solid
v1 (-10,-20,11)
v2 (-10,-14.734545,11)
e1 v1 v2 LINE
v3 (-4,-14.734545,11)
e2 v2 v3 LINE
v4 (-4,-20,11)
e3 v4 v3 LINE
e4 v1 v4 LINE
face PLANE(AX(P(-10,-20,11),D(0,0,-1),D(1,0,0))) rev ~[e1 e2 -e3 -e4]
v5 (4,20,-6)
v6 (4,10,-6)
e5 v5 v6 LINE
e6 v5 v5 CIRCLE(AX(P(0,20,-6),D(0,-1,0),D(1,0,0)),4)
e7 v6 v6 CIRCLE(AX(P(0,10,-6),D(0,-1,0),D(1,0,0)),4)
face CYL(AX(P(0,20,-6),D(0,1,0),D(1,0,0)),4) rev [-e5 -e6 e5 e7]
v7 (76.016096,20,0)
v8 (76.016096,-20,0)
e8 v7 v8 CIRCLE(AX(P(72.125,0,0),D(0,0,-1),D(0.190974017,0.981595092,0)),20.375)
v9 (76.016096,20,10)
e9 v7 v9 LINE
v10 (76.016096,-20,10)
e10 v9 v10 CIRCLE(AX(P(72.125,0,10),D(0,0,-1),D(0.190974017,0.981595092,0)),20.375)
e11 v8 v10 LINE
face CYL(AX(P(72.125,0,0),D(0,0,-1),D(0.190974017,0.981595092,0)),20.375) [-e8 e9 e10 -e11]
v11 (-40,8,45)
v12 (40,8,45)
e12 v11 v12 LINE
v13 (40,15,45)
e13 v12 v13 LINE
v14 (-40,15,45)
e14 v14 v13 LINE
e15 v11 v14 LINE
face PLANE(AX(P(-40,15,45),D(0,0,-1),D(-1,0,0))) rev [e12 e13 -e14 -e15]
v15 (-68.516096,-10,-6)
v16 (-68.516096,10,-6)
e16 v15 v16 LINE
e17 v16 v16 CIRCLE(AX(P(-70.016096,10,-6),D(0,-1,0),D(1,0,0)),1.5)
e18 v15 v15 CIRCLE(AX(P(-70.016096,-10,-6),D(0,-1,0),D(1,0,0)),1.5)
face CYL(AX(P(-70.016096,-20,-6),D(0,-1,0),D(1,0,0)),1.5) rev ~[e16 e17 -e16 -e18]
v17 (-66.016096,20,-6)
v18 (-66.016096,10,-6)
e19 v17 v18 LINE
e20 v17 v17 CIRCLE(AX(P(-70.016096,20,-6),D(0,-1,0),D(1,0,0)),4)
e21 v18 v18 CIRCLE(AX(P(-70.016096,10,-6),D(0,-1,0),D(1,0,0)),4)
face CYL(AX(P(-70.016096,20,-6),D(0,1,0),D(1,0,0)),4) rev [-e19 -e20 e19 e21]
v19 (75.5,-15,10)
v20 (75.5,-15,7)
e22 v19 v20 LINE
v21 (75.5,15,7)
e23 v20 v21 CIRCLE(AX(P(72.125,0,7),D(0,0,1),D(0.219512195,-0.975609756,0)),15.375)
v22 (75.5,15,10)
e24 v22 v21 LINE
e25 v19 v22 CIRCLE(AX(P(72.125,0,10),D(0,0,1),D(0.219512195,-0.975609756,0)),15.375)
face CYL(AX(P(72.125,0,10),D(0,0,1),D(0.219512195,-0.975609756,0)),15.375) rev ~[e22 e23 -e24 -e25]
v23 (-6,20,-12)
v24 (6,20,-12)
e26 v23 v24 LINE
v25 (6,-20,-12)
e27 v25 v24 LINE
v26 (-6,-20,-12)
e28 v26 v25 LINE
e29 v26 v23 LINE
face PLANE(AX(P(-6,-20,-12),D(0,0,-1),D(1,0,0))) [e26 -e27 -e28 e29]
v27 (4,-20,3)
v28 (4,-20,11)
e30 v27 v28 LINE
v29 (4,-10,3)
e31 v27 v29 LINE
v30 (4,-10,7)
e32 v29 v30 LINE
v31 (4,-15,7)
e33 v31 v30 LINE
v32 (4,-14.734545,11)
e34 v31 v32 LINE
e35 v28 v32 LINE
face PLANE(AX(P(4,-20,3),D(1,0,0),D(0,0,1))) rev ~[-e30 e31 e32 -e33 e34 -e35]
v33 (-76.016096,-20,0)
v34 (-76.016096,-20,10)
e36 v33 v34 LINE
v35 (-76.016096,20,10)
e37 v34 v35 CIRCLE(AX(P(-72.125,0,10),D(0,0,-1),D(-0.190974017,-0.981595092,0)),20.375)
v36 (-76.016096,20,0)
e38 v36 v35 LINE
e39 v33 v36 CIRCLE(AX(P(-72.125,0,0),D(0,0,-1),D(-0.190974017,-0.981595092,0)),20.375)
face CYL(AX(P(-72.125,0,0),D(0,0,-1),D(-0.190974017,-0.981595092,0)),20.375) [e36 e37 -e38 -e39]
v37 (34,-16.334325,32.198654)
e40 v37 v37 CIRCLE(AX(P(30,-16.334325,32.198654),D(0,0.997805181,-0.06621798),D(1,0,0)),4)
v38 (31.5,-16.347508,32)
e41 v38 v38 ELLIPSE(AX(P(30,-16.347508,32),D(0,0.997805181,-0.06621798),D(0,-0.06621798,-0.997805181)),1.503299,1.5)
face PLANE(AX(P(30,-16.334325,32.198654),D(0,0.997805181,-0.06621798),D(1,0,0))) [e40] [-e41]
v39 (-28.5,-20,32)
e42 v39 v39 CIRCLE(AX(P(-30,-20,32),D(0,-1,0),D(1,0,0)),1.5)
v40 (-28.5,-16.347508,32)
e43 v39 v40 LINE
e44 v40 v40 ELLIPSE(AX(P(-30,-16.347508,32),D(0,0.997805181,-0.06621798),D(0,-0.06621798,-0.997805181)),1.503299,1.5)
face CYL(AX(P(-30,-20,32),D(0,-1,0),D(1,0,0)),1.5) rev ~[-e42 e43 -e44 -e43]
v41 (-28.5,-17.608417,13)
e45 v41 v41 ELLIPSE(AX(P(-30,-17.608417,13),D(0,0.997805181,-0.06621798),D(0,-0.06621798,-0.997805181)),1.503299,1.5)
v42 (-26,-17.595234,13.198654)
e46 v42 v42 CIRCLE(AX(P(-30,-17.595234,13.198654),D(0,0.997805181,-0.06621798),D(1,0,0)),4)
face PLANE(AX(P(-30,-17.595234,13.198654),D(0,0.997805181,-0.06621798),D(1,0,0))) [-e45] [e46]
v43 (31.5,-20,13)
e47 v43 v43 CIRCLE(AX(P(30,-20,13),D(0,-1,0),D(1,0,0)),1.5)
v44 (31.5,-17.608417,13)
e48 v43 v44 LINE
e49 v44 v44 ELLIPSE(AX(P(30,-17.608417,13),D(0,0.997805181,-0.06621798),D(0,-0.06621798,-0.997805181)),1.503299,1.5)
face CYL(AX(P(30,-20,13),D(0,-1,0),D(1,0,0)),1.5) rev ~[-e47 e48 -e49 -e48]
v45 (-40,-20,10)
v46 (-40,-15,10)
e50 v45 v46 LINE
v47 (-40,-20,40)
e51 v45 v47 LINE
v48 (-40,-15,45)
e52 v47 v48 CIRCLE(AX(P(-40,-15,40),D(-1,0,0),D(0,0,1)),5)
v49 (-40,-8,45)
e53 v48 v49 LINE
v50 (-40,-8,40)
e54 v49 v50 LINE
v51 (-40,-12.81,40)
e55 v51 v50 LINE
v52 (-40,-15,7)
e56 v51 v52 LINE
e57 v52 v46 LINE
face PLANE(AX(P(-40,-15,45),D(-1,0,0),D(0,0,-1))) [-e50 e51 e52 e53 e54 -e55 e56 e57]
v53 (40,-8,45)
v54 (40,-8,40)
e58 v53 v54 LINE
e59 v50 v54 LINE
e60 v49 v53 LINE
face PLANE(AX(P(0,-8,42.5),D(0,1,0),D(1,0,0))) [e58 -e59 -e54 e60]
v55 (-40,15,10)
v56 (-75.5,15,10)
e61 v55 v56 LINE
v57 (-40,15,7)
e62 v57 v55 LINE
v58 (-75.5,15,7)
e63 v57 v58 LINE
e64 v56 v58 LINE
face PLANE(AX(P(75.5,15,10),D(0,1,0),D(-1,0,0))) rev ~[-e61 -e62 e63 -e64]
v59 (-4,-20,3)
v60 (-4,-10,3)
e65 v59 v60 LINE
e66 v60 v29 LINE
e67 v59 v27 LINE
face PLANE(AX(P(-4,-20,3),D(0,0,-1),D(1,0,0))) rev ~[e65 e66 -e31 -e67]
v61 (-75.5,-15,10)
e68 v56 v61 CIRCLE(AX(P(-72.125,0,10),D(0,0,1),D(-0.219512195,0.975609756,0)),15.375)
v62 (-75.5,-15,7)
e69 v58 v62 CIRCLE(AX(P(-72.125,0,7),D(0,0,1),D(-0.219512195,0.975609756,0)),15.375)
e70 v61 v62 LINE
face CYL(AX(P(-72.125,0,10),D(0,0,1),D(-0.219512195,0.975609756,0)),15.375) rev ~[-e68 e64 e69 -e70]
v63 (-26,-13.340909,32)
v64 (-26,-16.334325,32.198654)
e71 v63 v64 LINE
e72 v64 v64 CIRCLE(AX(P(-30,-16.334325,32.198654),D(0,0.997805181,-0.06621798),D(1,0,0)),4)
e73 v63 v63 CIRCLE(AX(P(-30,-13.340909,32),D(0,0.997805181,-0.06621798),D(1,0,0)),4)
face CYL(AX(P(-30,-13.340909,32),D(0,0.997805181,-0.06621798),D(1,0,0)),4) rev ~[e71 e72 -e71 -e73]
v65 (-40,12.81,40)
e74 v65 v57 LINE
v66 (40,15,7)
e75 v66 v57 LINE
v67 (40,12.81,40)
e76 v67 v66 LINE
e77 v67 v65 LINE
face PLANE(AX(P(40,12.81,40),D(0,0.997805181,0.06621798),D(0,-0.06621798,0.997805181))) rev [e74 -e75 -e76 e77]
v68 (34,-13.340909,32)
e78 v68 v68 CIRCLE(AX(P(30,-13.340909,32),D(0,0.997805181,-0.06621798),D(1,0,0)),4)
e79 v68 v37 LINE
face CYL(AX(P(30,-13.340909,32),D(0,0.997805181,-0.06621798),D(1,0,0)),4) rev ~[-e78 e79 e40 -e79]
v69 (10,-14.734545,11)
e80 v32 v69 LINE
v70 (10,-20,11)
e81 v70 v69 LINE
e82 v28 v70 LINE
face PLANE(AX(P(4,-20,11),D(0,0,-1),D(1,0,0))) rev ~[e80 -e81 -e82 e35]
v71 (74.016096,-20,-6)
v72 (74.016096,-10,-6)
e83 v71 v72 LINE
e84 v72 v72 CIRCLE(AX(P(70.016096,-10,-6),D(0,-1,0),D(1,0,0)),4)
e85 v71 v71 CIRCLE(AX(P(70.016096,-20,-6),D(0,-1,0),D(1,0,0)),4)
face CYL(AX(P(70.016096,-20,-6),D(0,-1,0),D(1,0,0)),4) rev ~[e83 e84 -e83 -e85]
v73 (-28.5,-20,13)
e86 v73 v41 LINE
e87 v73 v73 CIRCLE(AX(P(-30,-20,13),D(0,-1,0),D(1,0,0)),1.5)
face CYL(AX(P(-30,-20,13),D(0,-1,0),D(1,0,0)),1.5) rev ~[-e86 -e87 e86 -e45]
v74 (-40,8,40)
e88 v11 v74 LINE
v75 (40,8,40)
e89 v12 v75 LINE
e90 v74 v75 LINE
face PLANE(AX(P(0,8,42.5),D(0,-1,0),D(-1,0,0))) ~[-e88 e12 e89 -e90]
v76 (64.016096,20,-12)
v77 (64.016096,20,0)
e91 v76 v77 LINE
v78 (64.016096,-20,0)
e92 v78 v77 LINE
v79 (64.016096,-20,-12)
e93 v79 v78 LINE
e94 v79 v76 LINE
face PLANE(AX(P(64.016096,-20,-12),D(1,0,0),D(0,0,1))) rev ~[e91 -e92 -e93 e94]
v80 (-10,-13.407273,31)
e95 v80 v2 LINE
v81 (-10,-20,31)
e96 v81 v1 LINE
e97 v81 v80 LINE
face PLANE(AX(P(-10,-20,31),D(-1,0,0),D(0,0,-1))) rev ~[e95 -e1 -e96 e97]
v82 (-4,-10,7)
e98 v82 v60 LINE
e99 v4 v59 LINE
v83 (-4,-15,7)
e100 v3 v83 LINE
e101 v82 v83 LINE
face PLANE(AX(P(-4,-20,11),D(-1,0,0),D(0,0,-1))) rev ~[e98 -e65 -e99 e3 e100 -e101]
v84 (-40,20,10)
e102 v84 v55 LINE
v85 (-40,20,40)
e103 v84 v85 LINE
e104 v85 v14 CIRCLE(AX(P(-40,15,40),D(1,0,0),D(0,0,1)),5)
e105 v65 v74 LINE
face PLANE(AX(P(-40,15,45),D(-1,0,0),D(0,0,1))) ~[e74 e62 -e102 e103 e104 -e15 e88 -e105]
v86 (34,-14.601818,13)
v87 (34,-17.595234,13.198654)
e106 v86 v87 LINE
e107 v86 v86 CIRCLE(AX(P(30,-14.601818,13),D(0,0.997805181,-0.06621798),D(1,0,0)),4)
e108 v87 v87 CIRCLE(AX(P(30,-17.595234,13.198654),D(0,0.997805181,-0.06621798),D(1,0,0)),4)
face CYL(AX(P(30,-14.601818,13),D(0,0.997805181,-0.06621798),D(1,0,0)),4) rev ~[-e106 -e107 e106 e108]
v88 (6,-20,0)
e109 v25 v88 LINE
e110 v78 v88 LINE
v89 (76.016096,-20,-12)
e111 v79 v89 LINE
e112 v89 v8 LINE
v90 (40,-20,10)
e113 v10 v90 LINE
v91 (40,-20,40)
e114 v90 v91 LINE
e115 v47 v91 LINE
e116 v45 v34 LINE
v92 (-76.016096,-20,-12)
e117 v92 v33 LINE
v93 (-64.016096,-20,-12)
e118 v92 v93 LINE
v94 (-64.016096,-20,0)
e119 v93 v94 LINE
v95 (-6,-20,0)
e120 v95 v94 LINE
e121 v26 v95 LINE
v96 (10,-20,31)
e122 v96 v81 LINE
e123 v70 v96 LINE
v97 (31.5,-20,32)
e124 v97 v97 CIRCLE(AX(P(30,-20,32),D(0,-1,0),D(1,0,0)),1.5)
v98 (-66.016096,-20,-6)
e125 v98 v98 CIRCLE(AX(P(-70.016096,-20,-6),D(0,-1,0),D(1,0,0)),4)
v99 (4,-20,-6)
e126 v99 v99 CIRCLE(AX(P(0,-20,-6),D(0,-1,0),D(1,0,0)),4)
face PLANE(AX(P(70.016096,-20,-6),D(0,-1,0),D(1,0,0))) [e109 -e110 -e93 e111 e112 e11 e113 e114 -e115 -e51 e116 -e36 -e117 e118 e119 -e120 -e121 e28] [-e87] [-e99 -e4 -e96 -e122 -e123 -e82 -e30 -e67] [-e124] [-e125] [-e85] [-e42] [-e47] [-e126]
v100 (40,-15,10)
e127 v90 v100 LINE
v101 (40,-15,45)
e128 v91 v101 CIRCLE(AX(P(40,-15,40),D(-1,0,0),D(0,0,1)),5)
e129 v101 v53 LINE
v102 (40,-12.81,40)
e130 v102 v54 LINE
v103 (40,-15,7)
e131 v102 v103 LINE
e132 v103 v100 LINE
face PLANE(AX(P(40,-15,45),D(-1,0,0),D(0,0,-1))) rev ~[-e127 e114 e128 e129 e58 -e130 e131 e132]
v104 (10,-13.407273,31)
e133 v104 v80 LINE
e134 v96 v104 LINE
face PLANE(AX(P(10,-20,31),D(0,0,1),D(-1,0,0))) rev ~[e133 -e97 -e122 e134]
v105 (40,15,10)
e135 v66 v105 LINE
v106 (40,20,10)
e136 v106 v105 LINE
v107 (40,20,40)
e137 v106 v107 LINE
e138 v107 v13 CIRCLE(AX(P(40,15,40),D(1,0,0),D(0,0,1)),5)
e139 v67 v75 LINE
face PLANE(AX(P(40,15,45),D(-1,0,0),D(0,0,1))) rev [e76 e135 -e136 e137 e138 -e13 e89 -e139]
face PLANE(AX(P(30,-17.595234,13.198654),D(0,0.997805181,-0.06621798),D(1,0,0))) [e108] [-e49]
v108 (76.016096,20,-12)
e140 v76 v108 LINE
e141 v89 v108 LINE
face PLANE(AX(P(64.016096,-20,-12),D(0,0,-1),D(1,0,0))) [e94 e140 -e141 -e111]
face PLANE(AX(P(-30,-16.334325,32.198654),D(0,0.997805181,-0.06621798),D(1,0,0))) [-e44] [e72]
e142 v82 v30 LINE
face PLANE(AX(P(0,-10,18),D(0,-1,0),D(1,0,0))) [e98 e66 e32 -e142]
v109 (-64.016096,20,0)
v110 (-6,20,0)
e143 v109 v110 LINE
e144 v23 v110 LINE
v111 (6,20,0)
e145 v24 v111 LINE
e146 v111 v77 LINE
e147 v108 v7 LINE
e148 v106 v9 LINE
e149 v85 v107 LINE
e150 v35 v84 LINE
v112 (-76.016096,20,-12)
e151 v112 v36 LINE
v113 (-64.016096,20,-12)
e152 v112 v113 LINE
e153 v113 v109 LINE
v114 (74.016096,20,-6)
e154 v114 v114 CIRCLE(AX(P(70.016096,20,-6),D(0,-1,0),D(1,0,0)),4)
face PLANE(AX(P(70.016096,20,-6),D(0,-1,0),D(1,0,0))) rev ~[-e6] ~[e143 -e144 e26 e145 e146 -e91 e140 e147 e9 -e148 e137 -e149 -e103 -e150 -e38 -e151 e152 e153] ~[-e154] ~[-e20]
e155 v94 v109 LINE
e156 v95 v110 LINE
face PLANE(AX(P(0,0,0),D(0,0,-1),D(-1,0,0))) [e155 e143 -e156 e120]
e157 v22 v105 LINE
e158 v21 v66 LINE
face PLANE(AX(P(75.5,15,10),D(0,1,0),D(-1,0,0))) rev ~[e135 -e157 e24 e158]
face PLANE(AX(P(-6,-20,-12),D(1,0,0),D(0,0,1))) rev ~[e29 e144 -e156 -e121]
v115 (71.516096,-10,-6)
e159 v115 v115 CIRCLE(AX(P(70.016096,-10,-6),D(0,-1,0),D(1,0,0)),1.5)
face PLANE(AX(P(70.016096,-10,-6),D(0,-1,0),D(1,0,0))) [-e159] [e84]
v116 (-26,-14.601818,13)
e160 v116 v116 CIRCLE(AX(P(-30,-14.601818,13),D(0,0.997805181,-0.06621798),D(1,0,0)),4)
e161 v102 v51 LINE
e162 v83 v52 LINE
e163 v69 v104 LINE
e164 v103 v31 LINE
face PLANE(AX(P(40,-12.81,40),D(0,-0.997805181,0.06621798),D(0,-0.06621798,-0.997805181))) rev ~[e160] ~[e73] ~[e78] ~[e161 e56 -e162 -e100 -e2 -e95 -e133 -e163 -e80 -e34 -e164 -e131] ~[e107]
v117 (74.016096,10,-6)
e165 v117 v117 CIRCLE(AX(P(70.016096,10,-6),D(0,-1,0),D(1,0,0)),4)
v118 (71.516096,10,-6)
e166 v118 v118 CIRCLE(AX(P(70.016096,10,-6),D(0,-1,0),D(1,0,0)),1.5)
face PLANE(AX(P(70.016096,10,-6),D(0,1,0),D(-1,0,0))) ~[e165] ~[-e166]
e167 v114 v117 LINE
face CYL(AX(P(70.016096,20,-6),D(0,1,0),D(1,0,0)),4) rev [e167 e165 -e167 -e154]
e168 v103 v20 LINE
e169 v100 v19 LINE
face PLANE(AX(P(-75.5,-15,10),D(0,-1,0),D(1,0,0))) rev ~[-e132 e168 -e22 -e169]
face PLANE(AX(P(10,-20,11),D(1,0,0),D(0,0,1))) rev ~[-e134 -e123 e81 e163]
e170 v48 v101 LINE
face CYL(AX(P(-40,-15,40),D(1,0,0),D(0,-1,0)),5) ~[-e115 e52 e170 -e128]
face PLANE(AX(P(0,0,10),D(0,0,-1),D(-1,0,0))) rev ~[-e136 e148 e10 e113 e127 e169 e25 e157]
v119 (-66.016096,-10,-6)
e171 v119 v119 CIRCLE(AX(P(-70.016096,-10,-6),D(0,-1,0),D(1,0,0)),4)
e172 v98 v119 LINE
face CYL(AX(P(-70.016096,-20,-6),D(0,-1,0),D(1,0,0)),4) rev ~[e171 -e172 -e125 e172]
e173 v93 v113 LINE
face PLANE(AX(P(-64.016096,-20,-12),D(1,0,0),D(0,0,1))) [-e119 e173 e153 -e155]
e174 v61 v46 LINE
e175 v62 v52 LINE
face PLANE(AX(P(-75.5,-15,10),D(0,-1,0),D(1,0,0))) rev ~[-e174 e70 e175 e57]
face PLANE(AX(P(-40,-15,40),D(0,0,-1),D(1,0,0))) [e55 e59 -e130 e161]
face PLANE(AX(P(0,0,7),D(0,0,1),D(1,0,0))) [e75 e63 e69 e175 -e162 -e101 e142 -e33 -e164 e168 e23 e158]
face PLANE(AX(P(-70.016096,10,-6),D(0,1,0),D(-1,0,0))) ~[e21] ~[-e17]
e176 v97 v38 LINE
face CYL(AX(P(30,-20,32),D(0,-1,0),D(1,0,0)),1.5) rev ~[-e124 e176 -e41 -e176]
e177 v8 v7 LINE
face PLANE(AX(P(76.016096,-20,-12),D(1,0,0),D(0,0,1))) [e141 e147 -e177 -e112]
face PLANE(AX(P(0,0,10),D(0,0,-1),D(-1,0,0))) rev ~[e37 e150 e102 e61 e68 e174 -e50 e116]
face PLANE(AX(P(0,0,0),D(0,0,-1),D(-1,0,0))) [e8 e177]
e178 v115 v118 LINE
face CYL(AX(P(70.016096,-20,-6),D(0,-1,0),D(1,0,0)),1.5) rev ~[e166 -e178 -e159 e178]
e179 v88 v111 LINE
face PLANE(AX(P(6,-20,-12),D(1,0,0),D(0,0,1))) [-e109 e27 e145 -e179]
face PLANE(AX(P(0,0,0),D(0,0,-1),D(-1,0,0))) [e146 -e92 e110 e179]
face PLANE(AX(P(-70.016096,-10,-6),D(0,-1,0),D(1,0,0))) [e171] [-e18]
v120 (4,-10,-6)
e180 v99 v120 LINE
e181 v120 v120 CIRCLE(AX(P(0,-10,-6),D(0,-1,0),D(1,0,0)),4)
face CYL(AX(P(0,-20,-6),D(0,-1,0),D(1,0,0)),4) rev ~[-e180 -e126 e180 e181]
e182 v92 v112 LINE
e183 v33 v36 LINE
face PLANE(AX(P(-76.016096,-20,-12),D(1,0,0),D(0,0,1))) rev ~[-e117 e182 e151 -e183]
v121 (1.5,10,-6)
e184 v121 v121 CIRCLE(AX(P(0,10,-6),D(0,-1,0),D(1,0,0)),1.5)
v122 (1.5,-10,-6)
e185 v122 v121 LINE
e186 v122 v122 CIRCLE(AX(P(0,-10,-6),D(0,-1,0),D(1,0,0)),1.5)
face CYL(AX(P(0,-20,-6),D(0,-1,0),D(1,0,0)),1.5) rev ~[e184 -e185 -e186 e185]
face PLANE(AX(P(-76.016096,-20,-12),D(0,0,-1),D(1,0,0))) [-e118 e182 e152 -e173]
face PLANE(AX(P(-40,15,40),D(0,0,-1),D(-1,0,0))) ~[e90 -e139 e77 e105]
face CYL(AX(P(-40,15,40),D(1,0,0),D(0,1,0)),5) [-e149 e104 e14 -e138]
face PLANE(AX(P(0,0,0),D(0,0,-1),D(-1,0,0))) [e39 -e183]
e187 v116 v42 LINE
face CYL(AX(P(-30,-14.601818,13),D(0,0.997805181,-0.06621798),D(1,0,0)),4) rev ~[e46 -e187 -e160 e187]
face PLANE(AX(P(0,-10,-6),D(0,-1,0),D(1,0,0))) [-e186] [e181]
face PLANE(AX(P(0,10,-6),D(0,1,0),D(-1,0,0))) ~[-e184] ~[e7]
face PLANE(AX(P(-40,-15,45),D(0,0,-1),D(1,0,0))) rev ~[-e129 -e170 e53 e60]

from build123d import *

# Parameters (mm, degrees)
ESTRUSIONE_ESTRUSIONE1_DEPTH  = 10
TAGLIO_ESTRUSIONE1_DEPTH      = 3
SCHIZZO4_W                    = 80
SCHIZZO4_H                    = 5
ESTRUSIONE_ESTRUSIONE2_DEPTH  = 35
ESTRUSIONE_ESTRUSIONE4_DEPTH  = 80
SCHIZZO7_W                    = 80
SCHIZZO7_H                    = 5
ESTRUSIONE_ESTRUSIONE5_DEPTH  = 7
TAGLIO_ESTRUSIONE2_REACH      = 42
SCHIZZO8_R                    = 1.5
RACCORDO1_R                   = 5
RACCORDO2_R                   = 5
TAGLIO_ESTRUSIONE3_DEPTH      = 1
TAGLIO_ESTRUSIONE3_DEPTH_BACK = 10
SCHIZZO11_R                   = 4
TAGLIO_ESTRUSIONE4_DEPTH      = 3
SCHIZZO12_W                   = 12
SCHIZZO12_H                   = 12
ESTRUSIONE_ESTRUSIONE6_DEPTH  = 40
SCHIZZO13_R                   = 1.5
TAGLIO_ESTRUSIONE5_DEPTH      = 41
SCHIZZO14_R                   = 4
TAGLIO_ESTRUSIONE6_DEPTH      = 10


with BuildPart() as part:
    # Schizzo1 → Estrusione-Estrusione1 (new body)
    with BuildSketch(Plane.XY):
        with BuildLine():
            Line((-76.016095604, 20), (76.016095604, 20))
            ThreePointArc((76.016095604, 20), (92.5, 0), (76.016095604, -20))
            Line((76.016095604, -20), (-76.016095604, -20))
            ThreePointArc((-76.016095604, -20), (-92.5, 0), (-76.016095604, 20))
        make_face()
    extrude(amount=ESTRUSIONE_ESTRUSIONE1_DEPTH)

    # Schizzo3 → Taglio-Estrusione1 (cut)
    with BuildSketch(Plane.XY.offset(10)):
        with BuildLine():
            Line((-75.5, -15), (75.5, -15))
            ThreePointArc((75.5, -15), (87.5, 0), (75.5, 15))
            Line((75.5, 15), (-75.5, 15))
            ThreePointArc((-75.5, 15), (-87.5, 0), (-75.5, -15))
        make_face()
    extrude(amount=-TAGLIO_ESTRUSIONE1_DEPTH, mode=Mode.SUBTRACT)

    # Schizzo4 → Estrusione-Estrusione2 (add)
    with BuildSketch(Plane.XY.offset(10)):
        with Locations((0, -17.5)):
            Rectangle(SCHIZZO4_W, SCHIZZO4_H)
    estrusione_estrusione2 = extrude(amount=ESTRUSIONE_ESTRUSIONE2_DEPTH)

    # Schizzo6 → Estrusione-Estrusione4 (add)
    with BuildSketch(Plane(origin=(40, 0, 0), x_dir=(0, 0, -1), z_dir=(1, 0, 0))):
        Polygon((-40, -15), (-40, -12.81), (-7, -15), align=None)
    estrusione_estrusione4 = extrude(amount=-ESTRUSIONE_ESTRUSIONE4_DEPTH)

    # Schizzo7 → Estrusione-Estrusione5 (add)
    with BuildSketch(Plane(origin=(0, -15, 0), x_dir=(1, 0, 0), z_dir=(0, 1, 0))):
        with Locations((0, -42.5)):
            Rectangle(SCHIZZO7_W, SCHIZZO7_H)
    estrusione_estrusione5 = extrude(amount=ESTRUSIONE_ESTRUSIONE5_DEPTH)

    # Schizzo8 → Taglio-Estrusione2 (cut, up to next)
    with BuildSketch(Plane.XZ.offset(20), mode=Mode.PRIVATE) as taglio_estrusione2_sk1:
        with Locations((-30, 13)):
            Circle(SCHIZZO8_R)
    taglio_estrusione2_tool1 = extrude(taglio_estrusione2_sk1.sketch, amount=-TAGLIO_ESTRUSIONE2_REACH, mode=Mode.PRIVATE) & part.part
    add(taglio_estrusione2_tool1.solids().sort_by_distance((-30, -20, 13))[0], mode=Mode.SUBTRACT)
    # Schizzo8 → Taglio-Estrusione2 (cut, up to next)
    with BuildSketch(Plane.XZ.offset(20), mode=Mode.PRIVATE) as taglio_estrusione2_sk2:
        with Locations((-30, 32)):
            Circle(SCHIZZO8_R)
    taglio_estrusione2_tool2 = extrude(taglio_estrusione2_sk2.sketch, amount=-TAGLIO_ESTRUSIONE2_REACH, mode=Mode.PRIVATE) & part.part
    add(taglio_estrusione2_tool2.solids().sort_by_distance((-30, -20, 32))[0], mode=Mode.SUBTRACT)
    # Schizzo8 → Taglio-Estrusione2 (cut, up to next)
    with BuildSketch(Plane.XZ.offset(20), mode=Mode.PRIVATE) as taglio_estrusione2_sk3:
        with Locations((30, 13)):
            Circle(SCHIZZO8_R)
    taglio_estrusione2_tool3 = extrude(taglio_estrusione2_sk3.sketch, amount=-TAGLIO_ESTRUSIONE2_REACH, mode=Mode.PRIVATE) & part.part
    add(taglio_estrusione2_tool3.solids().sort_by_distance((30, -20, 13))[0], mode=Mode.SUBTRACT)
    # Schizzo8 → Taglio-Estrusione2 (cut, up to next)
    with BuildSketch(Plane.XZ.offset(20), mode=Mode.PRIVATE) as taglio_estrusione2_sk4:
        with Locations((30, 32)):
            Circle(SCHIZZO8_R)
    taglio_estrusione2_tool4 = extrude(taglio_estrusione2_sk4.sketch, amount=-TAGLIO_ESTRUSIONE2_REACH, mode=Mode.PRIVATE) & part.part
    add(taglio_estrusione2_tool4.solids().sort_by_distance((30, -20, 32))[0], mode=Mode.SUBTRACT)

    # Specchia1: Estrusione-Estrusione2, Estrusione-Estrusione4, Estrusione-Estrusione5 across plane
    add(estrusione_estrusione2.mirror(Plane.ZX))
    add(estrusione_estrusione4.mirror(Plane.ZX))
    add(estrusione_estrusione5.mirror(Plane.ZX))

    # Raccordo1
    raccordo1_edges = [part.edges().sort_by_distance(p)[0] for p in [
        (0, -20, 45),
    ]]
    fillet(raccordo1_edges, radius=RACCORDO1_R)

    # Raccordo2
    raccordo2_edges = [part.edges().sort_by_distance(p)[0] for p in [
        (0, 20, 45),
    ]]
    fillet(raccordo2_edges, radius=RACCORDO2_R)

    # Schizzo9 → Taglio-Estrusione3 (cut, two sides)
    with BuildSketch(Plane.XZ.offset(20)) as taglio_estrusione3_sk:
        Polygon((-4, 11), (-4, 3), (4, 3), (4, 11), (10, 11), (10, 31), (-10, 31), (-10, 11), align=None)
    extrude(amount=TAGLIO_ESTRUSIONE3_DEPTH, mode=Mode.SUBTRACT)
    extrude(taglio_estrusione3_sk.sketch, amount=-TAGLIO_ESTRUSIONE3_DEPTH_BACK, mode=Mode.SUBTRACT)

    # Schizzo11 → Taglio-Estrusione4 (cut)
    with BuildSketch(Plane(origin=(0, -15.396736192, 1.021783402), x_dir=(1, 0, 0), z_dir=(0, 0.997805181, -0.06621798))):
        with Locations((-30, -12.004564445)):
            Circle(SCHIZZO11_R)
        with Locations((-30, -31.046357736)):
            Circle(SCHIZZO11_R)
        with Locations((30, -31.046357736)):
            Circle(SCHIZZO11_R)
        with Locations((30, -12.004564445)):
            Circle(SCHIZZO11_R)
    extrude(amount=-TAGLIO_ESTRUSIONE4_DEPTH, mode=Mode.SUBTRACT)

    # Schizzo12 → Estrusione-Estrusione6 (add)
    with BuildSketch(Plane.XZ.offset(20)):
        with Locations((70.016095604, -6)):
            Rectangle(SCHIZZO12_W, SCHIZZO12_H)
        with Locations((-70.016095604, -6)):
            Rectangle(SCHIZZO12_W, SCHIZZO12_H)
        with Locations((0, -6)):
            Rectangle(SCHIZZO12_W, SCHIZZO12_H)
    extrude(amount=-ESTRUSIONE_ESTRUSIONE6_DEPTH)

    # Schizzo13 → Taglio-Estrusione5 (cut, through all)
    with BuildSketch(Plane.XZ.offset(20)):
        with Locations((-70.016095604, -6)):
            Circle(SCHIZZO13_R)
        with Locations((0, -6)):
            Circle(SCHIZZO13_R)
        with Locations((70.016095604, -6)):
            Circle(SCHIZZO13_R)
    extrude(amount=-TAGLIO_ESTRUSIONE5_DEPTH, mode=Mode.SUBTRACT)

    # Schizzo14 → Taglio-Estrusione6 (cut)
    with BuildSketch(Plane.XZ.offset(20)):
        with Locations((-70.016095604, -6)):
            Circle(SCHIZZO14_R)
        with Locations((0, -6)):
            Circle(SCHIZZO14_R)
        with Locations((70.016095604, -6)):
            Circle(SCHIZZO14_R)
    taglio_estrusione6 = extrude(amount=-TAGLIO_ESTRUSIONE6_DEPTH, mode=Mode.SUBTRACT)

    # Specchia2: Taglio-Estrusione6 across plane
    add(taglio_estrusione6.mirror(Plane.ZX), mode=Mode.SUBTRACT)


solid = part.part
